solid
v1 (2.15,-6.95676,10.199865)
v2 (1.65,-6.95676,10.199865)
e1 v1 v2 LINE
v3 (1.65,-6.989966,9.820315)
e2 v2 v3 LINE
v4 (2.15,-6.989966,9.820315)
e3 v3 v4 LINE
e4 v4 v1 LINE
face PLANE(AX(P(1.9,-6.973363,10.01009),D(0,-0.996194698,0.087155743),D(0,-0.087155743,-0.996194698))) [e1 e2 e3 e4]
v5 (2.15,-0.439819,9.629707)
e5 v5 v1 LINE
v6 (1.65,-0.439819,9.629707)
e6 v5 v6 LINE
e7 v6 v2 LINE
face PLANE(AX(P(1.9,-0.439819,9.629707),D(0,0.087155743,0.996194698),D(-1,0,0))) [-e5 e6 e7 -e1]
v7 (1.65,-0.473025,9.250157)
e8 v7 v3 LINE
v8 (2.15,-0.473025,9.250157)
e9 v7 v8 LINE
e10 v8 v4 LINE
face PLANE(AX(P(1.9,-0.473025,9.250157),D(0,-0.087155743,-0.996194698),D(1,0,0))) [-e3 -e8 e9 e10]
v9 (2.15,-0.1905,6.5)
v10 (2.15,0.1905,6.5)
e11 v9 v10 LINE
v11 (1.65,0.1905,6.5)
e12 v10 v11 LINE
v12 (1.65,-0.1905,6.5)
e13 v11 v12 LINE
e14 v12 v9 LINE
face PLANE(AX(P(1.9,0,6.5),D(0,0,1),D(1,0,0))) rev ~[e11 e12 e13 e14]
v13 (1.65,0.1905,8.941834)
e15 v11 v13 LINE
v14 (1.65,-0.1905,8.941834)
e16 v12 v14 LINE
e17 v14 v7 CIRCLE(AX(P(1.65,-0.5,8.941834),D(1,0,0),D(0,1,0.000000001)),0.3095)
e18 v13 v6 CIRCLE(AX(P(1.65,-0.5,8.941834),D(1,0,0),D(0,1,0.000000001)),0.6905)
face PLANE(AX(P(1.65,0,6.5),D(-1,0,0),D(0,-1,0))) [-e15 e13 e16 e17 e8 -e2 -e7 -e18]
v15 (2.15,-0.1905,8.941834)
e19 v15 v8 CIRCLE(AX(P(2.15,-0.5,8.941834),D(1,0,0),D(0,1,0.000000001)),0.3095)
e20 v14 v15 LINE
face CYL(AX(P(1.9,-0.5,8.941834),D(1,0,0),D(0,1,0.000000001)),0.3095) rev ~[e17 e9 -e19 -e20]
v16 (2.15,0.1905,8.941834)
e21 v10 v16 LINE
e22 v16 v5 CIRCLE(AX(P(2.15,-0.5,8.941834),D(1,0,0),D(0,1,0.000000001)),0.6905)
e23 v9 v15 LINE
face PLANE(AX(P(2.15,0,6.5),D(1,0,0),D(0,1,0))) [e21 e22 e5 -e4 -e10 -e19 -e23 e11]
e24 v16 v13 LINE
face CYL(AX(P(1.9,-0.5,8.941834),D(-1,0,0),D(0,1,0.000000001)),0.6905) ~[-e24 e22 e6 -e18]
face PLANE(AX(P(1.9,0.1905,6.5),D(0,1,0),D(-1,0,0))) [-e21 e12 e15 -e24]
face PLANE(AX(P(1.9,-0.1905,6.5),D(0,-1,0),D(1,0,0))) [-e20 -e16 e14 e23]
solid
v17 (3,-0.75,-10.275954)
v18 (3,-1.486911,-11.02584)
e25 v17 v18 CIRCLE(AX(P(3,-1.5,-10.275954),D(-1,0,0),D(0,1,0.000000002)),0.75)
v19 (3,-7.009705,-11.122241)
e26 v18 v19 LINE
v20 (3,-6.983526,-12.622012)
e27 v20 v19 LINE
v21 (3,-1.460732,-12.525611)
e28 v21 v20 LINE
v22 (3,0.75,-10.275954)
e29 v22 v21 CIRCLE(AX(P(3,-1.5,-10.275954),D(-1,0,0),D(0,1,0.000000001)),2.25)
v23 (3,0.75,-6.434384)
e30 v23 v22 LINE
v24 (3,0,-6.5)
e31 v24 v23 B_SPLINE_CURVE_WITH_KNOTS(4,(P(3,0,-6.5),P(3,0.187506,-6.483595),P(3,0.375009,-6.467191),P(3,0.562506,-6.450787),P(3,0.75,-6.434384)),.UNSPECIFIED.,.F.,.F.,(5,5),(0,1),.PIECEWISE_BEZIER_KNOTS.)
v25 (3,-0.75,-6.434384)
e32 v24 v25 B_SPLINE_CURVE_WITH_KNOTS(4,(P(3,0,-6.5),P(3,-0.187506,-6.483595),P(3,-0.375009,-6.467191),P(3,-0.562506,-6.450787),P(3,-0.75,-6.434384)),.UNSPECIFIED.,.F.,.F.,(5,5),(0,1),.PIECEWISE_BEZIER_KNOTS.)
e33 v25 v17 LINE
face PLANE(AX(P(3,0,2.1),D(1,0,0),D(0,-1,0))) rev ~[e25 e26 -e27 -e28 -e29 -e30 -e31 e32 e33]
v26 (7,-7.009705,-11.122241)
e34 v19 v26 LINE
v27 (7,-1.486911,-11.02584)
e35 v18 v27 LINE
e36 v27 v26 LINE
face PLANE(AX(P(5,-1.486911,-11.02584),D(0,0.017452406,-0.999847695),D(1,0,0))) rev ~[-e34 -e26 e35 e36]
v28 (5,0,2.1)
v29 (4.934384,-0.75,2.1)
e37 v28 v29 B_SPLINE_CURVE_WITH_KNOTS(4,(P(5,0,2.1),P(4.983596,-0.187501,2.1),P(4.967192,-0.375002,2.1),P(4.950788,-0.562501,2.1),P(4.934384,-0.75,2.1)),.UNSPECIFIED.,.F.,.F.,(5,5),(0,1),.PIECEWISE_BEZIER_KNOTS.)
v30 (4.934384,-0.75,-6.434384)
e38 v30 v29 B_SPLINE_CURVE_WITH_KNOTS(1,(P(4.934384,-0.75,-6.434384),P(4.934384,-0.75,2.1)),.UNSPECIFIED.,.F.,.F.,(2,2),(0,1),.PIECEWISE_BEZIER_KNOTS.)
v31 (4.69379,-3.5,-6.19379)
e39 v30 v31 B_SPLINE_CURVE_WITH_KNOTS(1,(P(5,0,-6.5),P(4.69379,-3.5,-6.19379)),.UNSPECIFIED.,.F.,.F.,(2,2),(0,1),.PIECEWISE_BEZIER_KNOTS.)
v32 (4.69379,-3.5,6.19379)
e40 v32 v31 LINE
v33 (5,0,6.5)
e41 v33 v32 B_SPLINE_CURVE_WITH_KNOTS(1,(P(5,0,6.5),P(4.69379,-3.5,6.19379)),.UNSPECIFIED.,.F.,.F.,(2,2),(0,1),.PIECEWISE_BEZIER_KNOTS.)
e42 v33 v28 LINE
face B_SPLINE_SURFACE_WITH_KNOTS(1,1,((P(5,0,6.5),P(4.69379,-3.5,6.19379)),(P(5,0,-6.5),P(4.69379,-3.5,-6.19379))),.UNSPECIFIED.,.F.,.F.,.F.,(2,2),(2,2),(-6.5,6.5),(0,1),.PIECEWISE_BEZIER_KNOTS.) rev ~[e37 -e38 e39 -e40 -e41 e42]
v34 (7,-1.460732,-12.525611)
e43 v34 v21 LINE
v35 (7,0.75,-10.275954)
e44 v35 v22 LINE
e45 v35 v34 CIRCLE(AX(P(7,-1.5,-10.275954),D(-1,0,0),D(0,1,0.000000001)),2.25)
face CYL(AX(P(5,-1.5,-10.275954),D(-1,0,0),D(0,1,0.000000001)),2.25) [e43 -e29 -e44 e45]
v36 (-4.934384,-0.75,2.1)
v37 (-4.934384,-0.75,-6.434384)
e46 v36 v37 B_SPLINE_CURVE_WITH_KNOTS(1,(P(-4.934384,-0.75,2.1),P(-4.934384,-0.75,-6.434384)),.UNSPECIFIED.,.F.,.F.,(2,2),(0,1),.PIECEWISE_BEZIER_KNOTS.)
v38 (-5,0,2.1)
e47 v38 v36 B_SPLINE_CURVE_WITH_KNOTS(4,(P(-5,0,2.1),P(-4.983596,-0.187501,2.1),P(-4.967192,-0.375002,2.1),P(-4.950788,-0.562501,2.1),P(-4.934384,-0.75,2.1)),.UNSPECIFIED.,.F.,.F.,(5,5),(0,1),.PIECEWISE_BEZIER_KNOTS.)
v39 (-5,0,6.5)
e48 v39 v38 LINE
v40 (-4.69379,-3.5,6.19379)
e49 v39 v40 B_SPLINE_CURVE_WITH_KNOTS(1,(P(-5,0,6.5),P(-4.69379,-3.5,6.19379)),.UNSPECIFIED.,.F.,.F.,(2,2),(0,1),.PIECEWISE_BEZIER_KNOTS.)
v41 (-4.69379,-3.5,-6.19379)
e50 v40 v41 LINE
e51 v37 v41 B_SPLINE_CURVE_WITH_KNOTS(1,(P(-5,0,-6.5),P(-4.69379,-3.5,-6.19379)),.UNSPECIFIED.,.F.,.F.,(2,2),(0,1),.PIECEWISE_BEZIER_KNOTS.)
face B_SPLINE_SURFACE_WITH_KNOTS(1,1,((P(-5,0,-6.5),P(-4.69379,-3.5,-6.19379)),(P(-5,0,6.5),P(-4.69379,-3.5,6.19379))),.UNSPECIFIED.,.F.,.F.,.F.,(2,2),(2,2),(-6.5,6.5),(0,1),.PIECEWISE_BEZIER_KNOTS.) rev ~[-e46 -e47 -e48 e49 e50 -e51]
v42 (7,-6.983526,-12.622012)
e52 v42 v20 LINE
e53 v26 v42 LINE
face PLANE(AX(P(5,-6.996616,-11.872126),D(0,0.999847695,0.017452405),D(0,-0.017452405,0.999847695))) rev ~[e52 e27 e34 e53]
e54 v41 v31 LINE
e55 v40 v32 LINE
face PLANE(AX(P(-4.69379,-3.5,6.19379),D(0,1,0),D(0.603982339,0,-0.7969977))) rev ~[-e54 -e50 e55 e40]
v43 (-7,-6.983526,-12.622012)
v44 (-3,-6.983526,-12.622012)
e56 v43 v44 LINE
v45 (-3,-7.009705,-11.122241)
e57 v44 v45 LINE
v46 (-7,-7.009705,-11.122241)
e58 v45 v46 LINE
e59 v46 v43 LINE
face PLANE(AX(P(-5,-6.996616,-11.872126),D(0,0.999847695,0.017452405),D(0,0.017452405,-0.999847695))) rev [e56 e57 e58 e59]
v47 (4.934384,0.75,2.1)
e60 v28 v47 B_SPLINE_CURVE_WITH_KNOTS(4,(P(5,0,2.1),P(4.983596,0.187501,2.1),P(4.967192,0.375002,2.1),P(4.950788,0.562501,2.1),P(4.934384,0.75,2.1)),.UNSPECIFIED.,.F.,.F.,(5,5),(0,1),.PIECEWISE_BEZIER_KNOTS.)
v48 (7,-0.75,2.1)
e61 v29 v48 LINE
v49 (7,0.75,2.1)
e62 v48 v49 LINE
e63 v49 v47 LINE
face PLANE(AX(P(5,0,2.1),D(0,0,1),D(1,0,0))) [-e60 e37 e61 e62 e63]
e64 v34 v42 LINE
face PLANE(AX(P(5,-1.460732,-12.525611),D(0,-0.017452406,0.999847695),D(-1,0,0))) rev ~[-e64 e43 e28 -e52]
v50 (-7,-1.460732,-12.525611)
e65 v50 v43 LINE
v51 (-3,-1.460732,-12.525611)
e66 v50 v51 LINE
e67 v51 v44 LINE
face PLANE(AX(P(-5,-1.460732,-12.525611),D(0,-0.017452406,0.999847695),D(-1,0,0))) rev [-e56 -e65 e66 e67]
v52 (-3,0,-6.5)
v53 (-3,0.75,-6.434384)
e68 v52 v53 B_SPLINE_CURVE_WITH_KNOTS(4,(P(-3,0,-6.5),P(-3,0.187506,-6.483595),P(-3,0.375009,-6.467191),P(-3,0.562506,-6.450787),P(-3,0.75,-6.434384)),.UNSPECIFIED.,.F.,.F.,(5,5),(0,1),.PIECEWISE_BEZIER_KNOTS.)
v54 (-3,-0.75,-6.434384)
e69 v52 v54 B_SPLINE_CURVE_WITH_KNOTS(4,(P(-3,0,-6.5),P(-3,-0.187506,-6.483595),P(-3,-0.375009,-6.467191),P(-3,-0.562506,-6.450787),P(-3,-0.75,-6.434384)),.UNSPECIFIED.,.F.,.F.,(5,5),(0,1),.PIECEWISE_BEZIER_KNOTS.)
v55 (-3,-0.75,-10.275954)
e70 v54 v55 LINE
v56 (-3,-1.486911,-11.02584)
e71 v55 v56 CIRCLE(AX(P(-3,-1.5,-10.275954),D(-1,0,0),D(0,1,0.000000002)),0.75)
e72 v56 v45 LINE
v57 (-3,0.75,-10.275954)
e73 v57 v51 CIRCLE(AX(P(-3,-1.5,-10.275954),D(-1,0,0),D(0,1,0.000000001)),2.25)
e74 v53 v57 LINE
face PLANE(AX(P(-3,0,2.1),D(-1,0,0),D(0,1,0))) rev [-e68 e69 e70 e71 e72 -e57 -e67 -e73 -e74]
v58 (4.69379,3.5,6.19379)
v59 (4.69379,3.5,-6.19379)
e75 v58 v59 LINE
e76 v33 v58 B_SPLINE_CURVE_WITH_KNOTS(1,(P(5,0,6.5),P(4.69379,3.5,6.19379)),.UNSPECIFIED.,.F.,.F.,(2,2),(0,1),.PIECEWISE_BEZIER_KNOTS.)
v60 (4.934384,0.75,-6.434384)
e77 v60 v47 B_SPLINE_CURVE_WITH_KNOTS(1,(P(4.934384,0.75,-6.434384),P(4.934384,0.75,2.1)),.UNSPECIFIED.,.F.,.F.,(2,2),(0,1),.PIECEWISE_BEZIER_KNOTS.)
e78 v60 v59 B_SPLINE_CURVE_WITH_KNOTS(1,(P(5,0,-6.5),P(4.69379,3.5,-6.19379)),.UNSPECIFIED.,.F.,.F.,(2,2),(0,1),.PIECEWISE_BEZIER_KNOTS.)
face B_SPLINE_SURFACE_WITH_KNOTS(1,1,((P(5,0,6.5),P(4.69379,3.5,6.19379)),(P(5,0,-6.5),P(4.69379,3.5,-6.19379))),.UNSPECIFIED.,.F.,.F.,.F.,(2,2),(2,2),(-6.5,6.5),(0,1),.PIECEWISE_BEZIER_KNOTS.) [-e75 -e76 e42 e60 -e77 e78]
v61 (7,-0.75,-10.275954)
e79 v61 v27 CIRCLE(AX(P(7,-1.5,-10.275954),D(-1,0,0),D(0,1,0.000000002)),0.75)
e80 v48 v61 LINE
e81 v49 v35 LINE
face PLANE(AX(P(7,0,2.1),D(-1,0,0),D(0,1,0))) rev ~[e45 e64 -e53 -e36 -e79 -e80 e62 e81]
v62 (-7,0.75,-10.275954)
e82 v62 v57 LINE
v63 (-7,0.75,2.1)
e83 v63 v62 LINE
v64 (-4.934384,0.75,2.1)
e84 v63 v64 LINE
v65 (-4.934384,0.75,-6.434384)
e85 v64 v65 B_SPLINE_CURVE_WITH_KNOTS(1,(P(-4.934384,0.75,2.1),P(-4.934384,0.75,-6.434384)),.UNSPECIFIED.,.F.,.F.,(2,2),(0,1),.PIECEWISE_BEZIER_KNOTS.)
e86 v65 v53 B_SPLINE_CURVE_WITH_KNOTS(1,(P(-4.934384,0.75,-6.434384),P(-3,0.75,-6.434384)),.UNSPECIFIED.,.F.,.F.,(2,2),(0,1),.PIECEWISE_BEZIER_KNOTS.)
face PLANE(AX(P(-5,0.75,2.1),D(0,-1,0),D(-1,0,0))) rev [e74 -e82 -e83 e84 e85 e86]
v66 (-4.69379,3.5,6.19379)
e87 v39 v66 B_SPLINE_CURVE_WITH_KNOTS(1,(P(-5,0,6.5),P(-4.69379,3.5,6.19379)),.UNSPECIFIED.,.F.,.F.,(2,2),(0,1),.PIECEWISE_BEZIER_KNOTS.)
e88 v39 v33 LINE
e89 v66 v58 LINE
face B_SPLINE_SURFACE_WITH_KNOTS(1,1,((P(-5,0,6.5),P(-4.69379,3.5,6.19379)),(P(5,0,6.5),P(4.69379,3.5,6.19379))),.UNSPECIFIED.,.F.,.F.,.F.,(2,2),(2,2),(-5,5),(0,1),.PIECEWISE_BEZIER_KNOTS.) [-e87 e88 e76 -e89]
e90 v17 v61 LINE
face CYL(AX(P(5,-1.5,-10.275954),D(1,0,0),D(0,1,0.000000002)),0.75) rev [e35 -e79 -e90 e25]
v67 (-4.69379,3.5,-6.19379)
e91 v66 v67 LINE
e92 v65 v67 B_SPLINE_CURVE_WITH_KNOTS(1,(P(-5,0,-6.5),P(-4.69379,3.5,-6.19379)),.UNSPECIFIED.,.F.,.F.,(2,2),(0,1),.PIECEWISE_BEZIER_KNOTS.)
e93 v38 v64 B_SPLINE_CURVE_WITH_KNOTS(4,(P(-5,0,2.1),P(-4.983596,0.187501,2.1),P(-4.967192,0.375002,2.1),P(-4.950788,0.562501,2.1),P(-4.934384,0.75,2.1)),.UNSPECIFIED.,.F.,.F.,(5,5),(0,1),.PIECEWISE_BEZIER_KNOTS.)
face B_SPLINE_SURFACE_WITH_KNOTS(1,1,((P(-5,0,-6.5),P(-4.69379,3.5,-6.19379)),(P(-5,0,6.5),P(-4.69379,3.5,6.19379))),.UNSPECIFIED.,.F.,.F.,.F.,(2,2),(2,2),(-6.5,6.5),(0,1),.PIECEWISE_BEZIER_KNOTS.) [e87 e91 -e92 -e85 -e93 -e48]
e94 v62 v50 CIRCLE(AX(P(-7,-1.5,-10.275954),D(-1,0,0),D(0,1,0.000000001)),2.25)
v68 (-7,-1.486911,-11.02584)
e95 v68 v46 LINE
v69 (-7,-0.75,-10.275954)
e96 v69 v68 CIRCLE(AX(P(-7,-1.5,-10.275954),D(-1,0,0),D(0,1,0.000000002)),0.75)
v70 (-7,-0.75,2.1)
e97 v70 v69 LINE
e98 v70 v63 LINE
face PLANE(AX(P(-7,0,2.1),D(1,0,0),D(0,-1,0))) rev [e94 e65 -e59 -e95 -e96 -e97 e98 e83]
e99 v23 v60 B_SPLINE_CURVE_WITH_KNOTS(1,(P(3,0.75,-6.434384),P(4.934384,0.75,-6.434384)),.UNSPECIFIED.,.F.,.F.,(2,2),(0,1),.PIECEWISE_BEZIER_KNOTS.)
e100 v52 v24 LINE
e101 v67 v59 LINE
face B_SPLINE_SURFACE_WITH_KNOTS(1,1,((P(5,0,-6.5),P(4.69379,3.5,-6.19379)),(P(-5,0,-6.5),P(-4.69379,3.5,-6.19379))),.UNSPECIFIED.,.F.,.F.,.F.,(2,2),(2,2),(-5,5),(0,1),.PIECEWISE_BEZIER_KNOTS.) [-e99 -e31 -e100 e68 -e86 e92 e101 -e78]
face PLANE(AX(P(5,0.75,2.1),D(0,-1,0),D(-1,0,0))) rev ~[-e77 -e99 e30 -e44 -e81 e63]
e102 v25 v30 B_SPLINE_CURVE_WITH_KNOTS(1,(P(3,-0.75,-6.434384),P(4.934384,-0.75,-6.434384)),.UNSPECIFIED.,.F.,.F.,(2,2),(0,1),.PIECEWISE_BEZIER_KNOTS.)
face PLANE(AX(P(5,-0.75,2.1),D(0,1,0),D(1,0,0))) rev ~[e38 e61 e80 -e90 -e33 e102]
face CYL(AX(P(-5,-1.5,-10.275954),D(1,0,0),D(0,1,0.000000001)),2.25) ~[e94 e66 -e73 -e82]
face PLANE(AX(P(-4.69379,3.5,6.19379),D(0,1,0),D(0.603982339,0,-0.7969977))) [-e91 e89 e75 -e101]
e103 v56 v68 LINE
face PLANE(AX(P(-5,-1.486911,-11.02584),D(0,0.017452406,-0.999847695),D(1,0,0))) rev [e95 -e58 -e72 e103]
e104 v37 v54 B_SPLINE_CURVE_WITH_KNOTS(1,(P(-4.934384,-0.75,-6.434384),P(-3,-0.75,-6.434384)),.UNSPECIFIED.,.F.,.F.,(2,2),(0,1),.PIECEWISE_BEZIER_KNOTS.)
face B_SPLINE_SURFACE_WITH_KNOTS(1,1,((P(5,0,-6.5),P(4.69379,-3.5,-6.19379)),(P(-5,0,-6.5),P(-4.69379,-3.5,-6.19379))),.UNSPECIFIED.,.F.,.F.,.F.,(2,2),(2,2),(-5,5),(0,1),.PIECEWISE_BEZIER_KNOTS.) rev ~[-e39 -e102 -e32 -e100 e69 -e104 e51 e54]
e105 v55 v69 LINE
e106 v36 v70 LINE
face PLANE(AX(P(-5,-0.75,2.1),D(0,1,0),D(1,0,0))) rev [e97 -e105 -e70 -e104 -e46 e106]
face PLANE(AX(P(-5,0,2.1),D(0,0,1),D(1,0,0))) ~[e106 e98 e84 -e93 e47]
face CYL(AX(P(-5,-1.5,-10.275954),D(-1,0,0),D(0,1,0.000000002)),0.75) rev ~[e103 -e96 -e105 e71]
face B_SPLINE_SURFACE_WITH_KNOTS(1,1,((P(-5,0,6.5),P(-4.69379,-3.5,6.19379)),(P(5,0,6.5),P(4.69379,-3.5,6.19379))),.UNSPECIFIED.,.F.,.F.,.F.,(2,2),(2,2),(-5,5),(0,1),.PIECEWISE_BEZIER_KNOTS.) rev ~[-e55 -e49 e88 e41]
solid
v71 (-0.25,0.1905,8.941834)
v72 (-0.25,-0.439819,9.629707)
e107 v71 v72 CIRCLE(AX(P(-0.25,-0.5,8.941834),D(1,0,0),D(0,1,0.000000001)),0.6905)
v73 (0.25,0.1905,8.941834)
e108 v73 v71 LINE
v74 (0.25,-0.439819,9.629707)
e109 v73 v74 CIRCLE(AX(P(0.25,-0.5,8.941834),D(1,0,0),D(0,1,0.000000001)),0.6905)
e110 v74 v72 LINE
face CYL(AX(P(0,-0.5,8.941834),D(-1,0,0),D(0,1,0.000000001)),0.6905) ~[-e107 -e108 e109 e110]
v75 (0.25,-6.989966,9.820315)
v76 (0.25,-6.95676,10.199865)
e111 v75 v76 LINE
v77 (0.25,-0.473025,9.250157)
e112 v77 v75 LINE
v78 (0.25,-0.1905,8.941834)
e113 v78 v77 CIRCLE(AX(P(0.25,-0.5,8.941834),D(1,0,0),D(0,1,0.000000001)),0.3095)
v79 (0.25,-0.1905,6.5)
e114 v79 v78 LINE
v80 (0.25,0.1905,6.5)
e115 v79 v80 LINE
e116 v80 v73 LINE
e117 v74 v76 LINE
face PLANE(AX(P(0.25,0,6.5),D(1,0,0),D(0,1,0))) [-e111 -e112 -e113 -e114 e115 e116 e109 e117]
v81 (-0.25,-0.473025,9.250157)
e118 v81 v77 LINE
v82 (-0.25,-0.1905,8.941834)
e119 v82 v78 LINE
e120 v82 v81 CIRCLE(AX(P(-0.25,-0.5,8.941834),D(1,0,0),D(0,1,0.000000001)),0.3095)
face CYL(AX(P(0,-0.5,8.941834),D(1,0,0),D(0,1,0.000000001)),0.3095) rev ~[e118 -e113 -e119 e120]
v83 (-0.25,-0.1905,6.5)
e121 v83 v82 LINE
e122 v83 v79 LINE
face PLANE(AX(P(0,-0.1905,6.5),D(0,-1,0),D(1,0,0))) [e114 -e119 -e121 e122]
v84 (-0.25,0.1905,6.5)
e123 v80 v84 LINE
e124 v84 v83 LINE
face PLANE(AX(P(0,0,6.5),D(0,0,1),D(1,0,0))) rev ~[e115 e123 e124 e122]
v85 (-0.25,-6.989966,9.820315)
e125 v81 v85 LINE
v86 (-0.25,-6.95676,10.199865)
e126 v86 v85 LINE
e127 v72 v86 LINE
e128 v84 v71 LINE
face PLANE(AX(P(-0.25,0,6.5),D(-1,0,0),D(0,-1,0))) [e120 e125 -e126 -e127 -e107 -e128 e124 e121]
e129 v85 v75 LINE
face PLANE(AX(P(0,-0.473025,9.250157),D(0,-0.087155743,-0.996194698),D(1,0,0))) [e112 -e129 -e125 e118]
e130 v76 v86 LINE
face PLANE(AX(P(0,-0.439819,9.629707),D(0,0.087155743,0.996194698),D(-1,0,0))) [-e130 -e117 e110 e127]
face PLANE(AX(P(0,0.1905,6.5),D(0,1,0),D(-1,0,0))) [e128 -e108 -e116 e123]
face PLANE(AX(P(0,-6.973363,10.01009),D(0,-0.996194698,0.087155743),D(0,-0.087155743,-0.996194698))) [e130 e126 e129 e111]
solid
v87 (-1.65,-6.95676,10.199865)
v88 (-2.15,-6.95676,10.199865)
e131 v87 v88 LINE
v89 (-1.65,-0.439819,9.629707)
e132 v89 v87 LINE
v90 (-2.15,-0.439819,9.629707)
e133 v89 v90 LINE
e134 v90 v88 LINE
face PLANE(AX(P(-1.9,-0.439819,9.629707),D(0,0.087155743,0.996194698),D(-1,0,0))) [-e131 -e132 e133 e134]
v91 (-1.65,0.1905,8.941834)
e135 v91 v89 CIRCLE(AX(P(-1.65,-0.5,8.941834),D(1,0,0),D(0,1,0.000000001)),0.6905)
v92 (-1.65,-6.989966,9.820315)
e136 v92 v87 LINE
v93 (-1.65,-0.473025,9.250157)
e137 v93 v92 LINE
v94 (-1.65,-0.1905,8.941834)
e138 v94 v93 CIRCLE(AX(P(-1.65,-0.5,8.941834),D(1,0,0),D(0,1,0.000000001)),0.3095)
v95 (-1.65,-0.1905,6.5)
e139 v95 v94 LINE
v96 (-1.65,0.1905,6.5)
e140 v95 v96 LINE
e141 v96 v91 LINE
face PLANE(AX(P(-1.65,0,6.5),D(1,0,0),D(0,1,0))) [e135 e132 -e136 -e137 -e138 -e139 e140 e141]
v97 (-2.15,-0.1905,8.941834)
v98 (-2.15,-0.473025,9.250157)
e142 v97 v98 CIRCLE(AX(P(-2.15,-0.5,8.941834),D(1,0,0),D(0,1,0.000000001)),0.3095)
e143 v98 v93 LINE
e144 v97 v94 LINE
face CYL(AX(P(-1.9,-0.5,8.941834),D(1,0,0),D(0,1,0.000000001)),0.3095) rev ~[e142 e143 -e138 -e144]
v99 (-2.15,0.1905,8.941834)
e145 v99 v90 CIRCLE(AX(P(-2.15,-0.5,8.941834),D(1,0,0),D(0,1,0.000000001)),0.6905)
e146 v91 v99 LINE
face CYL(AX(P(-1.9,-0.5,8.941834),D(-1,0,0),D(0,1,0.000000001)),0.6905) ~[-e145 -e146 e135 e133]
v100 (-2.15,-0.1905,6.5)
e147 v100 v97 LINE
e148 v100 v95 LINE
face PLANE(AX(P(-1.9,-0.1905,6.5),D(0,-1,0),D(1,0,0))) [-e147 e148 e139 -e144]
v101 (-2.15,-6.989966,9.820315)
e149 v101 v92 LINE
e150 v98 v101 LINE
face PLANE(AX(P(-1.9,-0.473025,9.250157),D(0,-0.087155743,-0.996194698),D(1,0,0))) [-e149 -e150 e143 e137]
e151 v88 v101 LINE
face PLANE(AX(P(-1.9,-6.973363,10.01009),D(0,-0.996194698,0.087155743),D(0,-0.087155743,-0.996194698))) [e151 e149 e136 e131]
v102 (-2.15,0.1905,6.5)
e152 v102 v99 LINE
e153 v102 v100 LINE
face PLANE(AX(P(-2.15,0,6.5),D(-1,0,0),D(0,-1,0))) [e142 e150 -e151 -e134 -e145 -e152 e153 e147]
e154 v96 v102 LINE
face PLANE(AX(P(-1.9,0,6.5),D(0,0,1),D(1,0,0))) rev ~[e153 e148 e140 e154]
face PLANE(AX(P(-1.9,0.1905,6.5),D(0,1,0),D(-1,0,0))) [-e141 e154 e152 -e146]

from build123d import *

# Parameters (mm, degrees)
SKETCH1_W                = 10
SKETCH1_H                = 13
EXTRUDE1_DEPTH           = 3.5
EXTRUDE1_TAPER           = 5
EXTRUDE1_OTHER_WAY_DEPTH = 3.5
EXTRUDE1_OTHER_WAY_TAPER = 5
SKETCH3_W                = 0.5
SKETCH3_H                = 0.381
SKETCH5_W                = 4
SKETCH5_H                = 1.5


with BuildPart() as part:
    # Sketch1 → Extrude1 (new body)
    with BuildSketch(Plane(origin=(0, 0, 0), x_dir=(1, 0, 0), z_dir=(0, 1, 0))):
        Rectangle(SKETCH1_W, SKETCH1_H)
    extrude(amount=EXTRUDE1_DEPTH, taper=EXTRUDE1_TAPER)

    # Sketch1 → Extrude1 other way (add)
    with BuildSketch(Plane(origin=(0, 0, 0), x_dir=(1, 0, 0), z_dir=(0, 1, 0))):
        Rectangle(SKETCH1_W, SKETCH1_H)
    extrude(amount=-EXTRUDE1_OTHER_WAY_DEPTH, taper=EXTRUDE1_OTHER_WAY_TAPER)

    # Sweep2: sweep along a path in Sketch4
    with BuildLine(Plane(origin=(5, 0, 0), x_dir=(0, 0, -1), z_dir=(1, 0, 0))) as sweep2_path:
        Line((-2.1, 0), (10.275954105, 0))
        ThreePointArc((10.275954105, 0), (11.327318002, -0.430124326), (11.775725648, -1.47382139))
        Line((11.775725648, -1.47382139), (11.87212638, -6.996615616))
    # Sketch5 → Sweep2 (sweep)
    with BuildSketch(Plane.XY.offset(2.1)):
        with Locations((5, 0)):
            Rectangle(SKETCH5_W, SKETCH5_H)
    sweep2 = sweep(path=sweep2_path.line)

    # Mirror1: Sweep2 across plane
    add(sweep2.mirror(Plane(origin=(0, 0, 0), x_dir=(0, 0, 1), z_dir=(1, 0, 0))))


with BuildPart() as body_2:
    # Sweep1: sweep along a path in Sketch2
    with BuildLine(Plane(origin=(0, 0, 0), x_dir=(0, 0, -1), z_dir=(1, 0, 0))) as sweep1_path:
        Line((-6.5, 0), (-8.941834413, 0))
        ThreePointArc((-8.941834413, 0), (-9.279629517, -0.131361332), (-9.439931762, -0.456422129))
        Line((-9.439931762, -0.456422129), (-10.010090199, -6.973362887))
    # Sketch3 → Sweep1 (sweep)
    with BuildSketch(Plane.XY.offset(6.5)):
        with Locations((1.9, 0)):
            Rectangle(SKETCH3_W, SKETCH3_H)
        Rectangle(SKETCH3_W, SKETCH3_H)
        with Locations((-1.9, 0)):
            Rectangle(SKETCH3_W, SKETCH3_H)
    sweep(path=sweep1_path.line)


solid = Compound([part.part, body_2.part])
